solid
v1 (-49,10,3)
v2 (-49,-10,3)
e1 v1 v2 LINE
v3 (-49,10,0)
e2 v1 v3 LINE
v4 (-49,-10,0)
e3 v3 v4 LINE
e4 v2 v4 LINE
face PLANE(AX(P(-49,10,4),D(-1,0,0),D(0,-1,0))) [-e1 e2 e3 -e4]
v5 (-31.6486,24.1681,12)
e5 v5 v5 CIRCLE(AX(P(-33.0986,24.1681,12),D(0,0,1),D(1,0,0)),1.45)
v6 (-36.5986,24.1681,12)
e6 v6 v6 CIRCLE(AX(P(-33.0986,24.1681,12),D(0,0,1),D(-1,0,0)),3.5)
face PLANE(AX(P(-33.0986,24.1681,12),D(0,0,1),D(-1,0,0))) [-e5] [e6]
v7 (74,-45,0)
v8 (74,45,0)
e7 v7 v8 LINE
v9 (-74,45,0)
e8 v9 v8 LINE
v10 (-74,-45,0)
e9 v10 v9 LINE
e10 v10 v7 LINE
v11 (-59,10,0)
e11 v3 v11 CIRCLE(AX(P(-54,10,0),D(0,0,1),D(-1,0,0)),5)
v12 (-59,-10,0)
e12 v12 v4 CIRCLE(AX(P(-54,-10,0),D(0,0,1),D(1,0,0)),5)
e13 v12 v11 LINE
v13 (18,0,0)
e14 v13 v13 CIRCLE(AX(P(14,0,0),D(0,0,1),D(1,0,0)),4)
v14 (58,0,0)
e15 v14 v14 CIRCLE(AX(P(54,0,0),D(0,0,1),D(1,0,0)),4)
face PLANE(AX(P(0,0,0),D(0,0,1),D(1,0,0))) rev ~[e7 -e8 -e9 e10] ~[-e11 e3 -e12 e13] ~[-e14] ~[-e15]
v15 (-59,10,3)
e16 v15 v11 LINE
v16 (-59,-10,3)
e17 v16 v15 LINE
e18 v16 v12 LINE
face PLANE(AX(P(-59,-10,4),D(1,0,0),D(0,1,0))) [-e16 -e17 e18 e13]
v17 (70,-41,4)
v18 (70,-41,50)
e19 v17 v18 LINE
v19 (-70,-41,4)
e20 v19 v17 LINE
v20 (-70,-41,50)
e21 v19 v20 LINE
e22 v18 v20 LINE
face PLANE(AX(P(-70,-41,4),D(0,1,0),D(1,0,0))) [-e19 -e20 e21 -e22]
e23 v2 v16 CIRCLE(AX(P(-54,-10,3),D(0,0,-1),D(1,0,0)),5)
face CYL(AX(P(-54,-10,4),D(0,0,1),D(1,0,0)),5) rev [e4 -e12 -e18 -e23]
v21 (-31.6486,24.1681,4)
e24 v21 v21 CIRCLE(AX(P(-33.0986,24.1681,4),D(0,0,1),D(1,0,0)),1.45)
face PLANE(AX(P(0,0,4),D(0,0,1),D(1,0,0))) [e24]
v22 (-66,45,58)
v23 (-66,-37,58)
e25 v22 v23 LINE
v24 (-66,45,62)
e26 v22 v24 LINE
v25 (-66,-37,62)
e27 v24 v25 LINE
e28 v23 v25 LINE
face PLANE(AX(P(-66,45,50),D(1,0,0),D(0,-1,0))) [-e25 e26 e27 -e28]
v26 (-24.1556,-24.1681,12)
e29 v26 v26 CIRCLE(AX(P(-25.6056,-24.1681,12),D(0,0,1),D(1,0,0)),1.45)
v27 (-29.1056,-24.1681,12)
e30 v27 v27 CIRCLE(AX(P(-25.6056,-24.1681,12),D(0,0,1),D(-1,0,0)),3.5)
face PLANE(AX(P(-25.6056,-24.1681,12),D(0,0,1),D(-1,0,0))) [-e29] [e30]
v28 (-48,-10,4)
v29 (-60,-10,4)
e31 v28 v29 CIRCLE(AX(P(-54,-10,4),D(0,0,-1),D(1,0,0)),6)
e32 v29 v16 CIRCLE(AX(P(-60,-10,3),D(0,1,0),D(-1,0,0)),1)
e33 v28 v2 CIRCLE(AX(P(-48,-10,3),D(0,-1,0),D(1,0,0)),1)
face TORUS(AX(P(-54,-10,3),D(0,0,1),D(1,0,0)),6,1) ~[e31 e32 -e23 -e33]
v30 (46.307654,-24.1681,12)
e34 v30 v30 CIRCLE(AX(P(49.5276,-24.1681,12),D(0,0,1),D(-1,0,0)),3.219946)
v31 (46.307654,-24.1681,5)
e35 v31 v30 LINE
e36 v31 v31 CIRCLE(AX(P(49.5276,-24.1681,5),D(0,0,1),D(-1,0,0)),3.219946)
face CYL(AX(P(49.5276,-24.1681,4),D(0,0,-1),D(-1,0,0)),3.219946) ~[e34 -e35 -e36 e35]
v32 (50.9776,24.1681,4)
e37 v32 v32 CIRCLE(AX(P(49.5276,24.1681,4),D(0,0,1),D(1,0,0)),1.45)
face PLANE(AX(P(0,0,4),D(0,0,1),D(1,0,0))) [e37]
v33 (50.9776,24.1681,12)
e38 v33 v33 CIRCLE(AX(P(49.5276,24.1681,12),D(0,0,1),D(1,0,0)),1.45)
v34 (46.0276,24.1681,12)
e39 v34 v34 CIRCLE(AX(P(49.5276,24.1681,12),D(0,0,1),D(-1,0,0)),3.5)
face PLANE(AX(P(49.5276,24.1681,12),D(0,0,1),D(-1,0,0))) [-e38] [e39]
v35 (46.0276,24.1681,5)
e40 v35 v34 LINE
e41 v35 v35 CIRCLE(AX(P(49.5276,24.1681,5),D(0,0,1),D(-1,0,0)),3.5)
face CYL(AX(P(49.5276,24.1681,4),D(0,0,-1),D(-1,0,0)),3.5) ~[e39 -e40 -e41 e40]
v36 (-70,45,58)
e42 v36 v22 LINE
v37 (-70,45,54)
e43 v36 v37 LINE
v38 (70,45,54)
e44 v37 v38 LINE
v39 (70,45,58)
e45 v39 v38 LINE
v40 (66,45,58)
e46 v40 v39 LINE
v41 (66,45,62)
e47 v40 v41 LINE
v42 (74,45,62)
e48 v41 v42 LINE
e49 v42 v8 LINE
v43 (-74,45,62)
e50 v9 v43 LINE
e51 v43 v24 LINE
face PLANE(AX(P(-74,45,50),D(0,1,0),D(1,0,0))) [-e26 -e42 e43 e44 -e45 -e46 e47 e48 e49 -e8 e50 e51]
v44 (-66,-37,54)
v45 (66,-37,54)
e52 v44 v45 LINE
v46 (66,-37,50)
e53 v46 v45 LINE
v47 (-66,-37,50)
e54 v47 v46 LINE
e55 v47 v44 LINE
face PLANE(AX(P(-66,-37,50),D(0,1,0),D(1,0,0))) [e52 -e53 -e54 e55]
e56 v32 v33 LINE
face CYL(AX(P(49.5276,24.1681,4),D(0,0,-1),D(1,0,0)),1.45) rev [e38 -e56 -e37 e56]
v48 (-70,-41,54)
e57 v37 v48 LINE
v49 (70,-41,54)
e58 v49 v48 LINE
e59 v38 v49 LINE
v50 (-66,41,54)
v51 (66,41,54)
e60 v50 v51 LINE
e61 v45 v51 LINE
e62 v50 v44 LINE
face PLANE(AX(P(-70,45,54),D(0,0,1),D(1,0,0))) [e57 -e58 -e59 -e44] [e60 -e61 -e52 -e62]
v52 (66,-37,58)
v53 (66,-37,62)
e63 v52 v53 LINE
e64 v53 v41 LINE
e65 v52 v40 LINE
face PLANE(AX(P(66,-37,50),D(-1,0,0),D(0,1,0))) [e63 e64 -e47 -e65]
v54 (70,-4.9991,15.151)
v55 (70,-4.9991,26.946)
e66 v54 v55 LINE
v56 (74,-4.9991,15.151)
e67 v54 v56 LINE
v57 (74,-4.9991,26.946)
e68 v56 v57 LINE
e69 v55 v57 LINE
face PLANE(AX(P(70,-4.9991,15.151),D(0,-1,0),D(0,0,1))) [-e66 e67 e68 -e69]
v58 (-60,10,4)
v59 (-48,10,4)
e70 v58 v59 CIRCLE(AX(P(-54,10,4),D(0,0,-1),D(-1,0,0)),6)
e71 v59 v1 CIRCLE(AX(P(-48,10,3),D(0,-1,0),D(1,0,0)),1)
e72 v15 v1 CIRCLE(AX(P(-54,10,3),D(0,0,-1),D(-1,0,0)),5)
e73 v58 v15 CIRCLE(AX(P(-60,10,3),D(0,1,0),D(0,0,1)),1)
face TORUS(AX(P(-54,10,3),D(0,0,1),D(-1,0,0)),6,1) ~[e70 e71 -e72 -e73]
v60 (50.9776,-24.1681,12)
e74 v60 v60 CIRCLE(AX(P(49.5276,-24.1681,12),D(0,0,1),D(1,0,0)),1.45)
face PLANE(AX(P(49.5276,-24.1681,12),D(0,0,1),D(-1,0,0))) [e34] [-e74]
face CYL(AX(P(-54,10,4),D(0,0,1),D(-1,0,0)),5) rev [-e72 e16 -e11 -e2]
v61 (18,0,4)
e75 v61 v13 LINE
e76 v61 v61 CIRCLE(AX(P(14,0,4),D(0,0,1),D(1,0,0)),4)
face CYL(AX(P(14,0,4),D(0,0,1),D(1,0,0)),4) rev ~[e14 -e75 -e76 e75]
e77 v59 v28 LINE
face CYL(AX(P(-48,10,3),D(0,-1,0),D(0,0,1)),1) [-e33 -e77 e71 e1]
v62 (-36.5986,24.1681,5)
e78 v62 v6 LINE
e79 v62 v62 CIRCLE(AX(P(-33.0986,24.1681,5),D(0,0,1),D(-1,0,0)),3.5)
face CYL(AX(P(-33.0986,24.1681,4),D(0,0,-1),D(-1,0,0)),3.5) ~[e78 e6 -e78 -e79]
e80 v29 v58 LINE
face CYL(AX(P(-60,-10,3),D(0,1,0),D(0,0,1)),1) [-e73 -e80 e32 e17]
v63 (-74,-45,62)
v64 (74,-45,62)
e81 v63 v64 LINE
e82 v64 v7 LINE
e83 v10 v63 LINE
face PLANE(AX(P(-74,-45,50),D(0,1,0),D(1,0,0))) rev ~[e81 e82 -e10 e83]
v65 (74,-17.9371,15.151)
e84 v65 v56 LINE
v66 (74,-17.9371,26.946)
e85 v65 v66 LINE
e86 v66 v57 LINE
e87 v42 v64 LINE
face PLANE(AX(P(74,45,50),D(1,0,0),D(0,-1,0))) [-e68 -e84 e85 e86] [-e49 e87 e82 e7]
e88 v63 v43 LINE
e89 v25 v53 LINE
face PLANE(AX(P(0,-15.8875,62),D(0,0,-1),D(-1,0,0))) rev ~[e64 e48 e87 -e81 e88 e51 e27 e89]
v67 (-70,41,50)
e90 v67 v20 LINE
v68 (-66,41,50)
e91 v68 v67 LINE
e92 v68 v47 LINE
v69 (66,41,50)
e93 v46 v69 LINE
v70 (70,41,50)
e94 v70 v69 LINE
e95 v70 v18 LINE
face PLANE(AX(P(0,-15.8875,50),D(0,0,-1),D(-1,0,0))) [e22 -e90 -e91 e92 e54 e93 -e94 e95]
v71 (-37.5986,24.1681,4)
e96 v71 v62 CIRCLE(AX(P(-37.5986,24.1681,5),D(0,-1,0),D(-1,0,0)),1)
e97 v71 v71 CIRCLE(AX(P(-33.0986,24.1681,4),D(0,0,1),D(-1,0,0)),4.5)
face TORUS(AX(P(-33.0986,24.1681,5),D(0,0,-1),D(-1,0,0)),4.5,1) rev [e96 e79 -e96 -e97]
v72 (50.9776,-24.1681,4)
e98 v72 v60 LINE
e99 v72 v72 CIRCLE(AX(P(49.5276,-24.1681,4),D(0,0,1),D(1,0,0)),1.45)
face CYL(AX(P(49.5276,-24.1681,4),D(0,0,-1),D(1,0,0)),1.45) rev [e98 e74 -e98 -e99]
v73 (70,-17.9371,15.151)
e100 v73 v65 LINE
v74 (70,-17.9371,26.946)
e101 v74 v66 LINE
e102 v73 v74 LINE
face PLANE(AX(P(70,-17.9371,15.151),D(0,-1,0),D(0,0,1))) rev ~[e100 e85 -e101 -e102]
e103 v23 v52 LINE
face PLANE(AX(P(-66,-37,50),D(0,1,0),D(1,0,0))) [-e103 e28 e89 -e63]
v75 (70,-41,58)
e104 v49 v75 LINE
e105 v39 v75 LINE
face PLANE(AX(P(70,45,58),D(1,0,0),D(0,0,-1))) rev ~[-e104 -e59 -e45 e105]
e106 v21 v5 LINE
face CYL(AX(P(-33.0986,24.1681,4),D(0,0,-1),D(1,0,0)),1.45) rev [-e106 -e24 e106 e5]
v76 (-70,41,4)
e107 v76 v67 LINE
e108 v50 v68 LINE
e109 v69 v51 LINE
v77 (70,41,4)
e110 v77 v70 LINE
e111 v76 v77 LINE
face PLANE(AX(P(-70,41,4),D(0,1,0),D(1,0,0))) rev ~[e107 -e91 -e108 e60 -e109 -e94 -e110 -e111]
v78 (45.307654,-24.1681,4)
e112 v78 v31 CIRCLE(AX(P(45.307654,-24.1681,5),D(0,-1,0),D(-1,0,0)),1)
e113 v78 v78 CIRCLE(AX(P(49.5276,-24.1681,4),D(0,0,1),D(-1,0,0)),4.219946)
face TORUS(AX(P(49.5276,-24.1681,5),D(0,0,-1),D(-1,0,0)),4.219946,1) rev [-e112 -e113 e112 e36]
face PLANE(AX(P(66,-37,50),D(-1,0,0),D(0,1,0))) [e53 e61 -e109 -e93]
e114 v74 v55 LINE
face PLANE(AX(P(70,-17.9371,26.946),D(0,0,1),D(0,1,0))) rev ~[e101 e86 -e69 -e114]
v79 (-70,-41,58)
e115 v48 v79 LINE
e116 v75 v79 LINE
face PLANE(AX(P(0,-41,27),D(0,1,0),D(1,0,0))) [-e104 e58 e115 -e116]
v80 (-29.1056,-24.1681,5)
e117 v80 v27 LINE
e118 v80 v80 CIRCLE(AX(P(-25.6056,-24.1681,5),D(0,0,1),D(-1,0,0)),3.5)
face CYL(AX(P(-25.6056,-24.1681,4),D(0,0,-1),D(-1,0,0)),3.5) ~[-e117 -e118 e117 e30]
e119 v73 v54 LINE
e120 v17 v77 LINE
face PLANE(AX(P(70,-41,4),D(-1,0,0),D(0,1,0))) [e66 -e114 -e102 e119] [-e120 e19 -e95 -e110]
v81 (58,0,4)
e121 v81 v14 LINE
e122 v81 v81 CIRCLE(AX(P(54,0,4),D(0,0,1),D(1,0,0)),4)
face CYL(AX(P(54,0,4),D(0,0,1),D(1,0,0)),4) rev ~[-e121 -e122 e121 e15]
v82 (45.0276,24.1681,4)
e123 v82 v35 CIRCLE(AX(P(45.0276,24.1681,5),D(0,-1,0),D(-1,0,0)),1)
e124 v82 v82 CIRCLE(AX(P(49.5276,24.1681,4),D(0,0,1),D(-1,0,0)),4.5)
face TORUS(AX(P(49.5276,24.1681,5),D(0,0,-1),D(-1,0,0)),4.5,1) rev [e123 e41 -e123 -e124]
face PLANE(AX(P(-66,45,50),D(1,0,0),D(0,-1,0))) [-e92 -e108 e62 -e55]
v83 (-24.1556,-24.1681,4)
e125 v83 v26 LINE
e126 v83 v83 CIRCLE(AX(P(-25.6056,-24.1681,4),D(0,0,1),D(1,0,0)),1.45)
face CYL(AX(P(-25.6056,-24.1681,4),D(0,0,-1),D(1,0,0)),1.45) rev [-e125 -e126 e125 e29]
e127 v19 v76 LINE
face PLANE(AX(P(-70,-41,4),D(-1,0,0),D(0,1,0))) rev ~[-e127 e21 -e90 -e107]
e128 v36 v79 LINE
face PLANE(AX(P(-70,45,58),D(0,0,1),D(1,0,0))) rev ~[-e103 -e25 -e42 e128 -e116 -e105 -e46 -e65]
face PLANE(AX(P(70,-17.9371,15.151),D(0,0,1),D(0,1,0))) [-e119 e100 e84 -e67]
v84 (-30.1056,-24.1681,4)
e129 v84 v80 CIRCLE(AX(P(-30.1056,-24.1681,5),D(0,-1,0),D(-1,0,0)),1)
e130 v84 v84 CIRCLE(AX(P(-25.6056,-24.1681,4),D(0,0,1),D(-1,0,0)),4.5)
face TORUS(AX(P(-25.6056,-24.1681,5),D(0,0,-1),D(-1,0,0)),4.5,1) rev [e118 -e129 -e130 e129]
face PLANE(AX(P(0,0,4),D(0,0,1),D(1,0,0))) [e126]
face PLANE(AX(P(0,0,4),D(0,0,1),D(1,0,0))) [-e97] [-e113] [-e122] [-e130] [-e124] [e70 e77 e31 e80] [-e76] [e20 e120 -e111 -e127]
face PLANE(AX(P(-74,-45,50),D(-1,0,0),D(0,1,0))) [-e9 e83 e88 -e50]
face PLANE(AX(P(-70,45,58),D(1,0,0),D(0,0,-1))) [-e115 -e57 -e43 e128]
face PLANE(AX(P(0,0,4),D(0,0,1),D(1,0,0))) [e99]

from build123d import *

# Parameters (mm, degrees)
SKETCH1_W                = 148
SKETCH1_H                = 90
BOSS_EXTRUDE1_DEPTH      = 4
SKETCH2_R                = 4
CUT_EXTRUDE1_DEPTH       = 4
SKETCH3_R                = 3.5
SKETCH3_R_2              = 1.45
SKETCH3_R_3              = 3.219945731
BOSS_EXTRUDE2_DEPTH      = 8
CUT_EXTRUDE2_DEPTH       = 10
SKETCH8_W                = 148
SKETCH8_H                = 90
SKETCH8_W_2              = 140
SKETCH8_H_2              = 82
BOSS_EXTRUDE3_DEPTH      = 50
FILLET1_R                = 1
BOSS_EXTRUDE4_DEPTH      = 8
BOSS_EXTRUDE4_DEPTH_BACK = 4
CUT_EXTRUDE3_REACH       = 133.985
SKETCH10_W               = 140
SKETCH10_H               = 4
CUT_EXTRUDE4_REACH       = 165.11
SKETCH11_W               = 11.795
SKETCH11_H               = 12.938


with BuildPart() as part:
    # Sketch1 → Boss-Extrude1 (new body)
    with BuildSketch(Plane.XY):
        Rectangle(SKETCH1_W, SKETCH1_H)
    extrude(amount=BOSS_EXTRUDE1_DEPTH)

    # Sketch2 → Cut-Extrude1 (cut)
    with BuildSketch(Plane.XY.offset(4)):
        with Locations((54, 0)):
            Circle(SKETCH2_R)
        with Locations((14, 0)):
            Circle(SKETCH2_R)
    extrude(amount=-CUT_EXTRUDE1_DEPTH, mode=Mode.SUBTRACT)

    # Sketch3 → Boss-Extrude2 (add)
    # profile 1 of 4: a face of its own
    with BuildSketch(Plane.XY.offset(4)):
        with Locations(Location((-33.0986, 24.1681, 0), (0, 0, 180))):
            Circle(SKETCH3_R)
        with Locations((-33.0986, 24.1681)):
            Circle(SKETCH3_R_2, mode=Mode.SUBTRACT)
    # profile 2 of 4: a face of its own
    with BuildSketch(Plane.XY.offset(4)):
        with Locations(Location((49.5276, 24.1681, 0), (0, 0, 180))):
            Circle(SKETCH3_R)
        with Locations((49.5276, 24.1681)):
            Circle(SKETCH3_R_2, mode=Mode.SUBTRACT)
    # profile 3 of 4: a face of its own
    with BuildSketch(Plane.XY.offset(4)):
        with Locations(Location((-25.6056, -24.1681, 0), (0, 0, 180))):
            Circle(SKETCH3_R)
        with Locations((-25.6056, -24.1681)):
            Circle(SKETCH3_R_2, mode=Mode.SUBTRACT)
    # profile 4 of 4: a face of its own
    with BuildSketch(Plane.XY.offset(4)):
        with Locations(Location((49.5276, -24.1681, 0), (0, 0, 180))):
            Circle(SKETCH3_R_3)
        with Locations((49.5276, -24.1681)):
            Circle(SKETCH3_R_2, mode=Mode.SUBTRACT)
    extrude(amount=BOSS_EXTRUDE2_DEPTH)

    # Sketch7 → Cut-Extrude2 (cut)
    with BuildSketch(Plane.XY.offset(4)):
        with BuildLine():
            Line((-59, -10), (-59, 10))
            ThreePointArc((-59, 10), (-54, 15), (-49, 10))
            Line((-49, 10), (-49, -10))
            ThreePointArc((-49, -10), (-54, -15), (-59, -10))
        make_face()
    extrude(amount=-CUT_EXTRUDE2_DEPTH, mode=Mode.SUBTRACT)

    # Sketch8 → Boss-Extrude3 (add)
    with BuildSketch(Plane.XY.offset(4)):
        Rectangle(SKETCH8_W, SKETCH8_H)
        Rectangle(SKETCH8_W_2, SKETCH8_H_2, mode=Mode.SUBTRACT)
    extrude(amount=BOSS_EXTRUDE3_DEPTH)

    # Fillet1
    fillet1_edges = [part.edges().sort_by_distance(p)[0] for p in [
        (-29.5986, 24.1681, 4),
        (53.0276, 24.1681, 4),
        (-22.1056, -24.1681, 4),
        (52.747545731, -24.1681, 4),
        (-54, -15, 4),
        (-49, 0, 4),
        (-54, 15, 4),
        (-59, 0, 4),
    ]]
    fillet(fillet1_edges, radius=FILLET1_R)

    # Sketch9 → Boss-Extrude4 (add, two sides: drawn at the far end of the back side and taken through both)
    with BuildSketch(Plane.XY.offset(54).offset(-BOSS_EXTRUDE4_DEPTH_BACK)):
        Polygon((-74, 45), (-66, 45), (-66, -37), (66, -37), (66, 45), (74, 45), (74, -45), (66, -45), (-66, -45), (-74, -45), align=None)
    extrude(amount=BOSS_EXTRUDE4_DEPTH + BOSS_EXTRUDE4_DEPTH_BACK)

    # Cut-Extrude3: up to this face of the body (flat: up to its plane)
    cut_extrude3_end = Plane(part.part.faces().sort_by_distance((0, -41, 27))[0])
    # Sketch10 → Cut-Extrude3 (cut, up to the picked face)
    with BuildSketch(Plane(origin=(0, 45, 0), x_dir=(1, 0, 0), z_dir=(0, 1, 0)), mode=Mode.PRIVATE) as cut_extrude3_sk1:
        with Locations((0, -56)):
            Rectangle(SKETCH10_W, SKETCH10_H)
    cut_extrude3_tool1 = split(extrude(cut_extrude3_sk1.sketch, amount=-CUT_EXTRUDE3_REACH, mode=Mode.PRIVATE), bisect_by=cut_extrude3_end, keep=Keep.BOTH, mode=Mode.PRIVATE)
    add(cut_extrude3_tool1.solids().sort_by(Axis((0, 45, 56), (0, -1, 0)))[0], mode=Mode.SUBTRACT)

    # Sketch11 → Cut-Extrude4 (cut, up to next)
    with BuildSketch(Plane.ZY.offset(-70), mode=Mode.PRIVATE) as cut_extrude4_sk1:
        with Locations((21.0485, -11.4681)):
            Rectangle(SKETCH11_W, SKETCH11_H)
    cut_extrude4_tool1 = extrude(cut_extrude4_sk1.sketch, amount=-CUT_EXTRUDE4_REACH, mode=Mode.PRIVATE) & part.part
    add(cut_extrude4_tool1.solids().sort_by_distance((70, -11.4681, 21.0485))[0], mode=Mode.SUBTRACT)


solid = part.part
